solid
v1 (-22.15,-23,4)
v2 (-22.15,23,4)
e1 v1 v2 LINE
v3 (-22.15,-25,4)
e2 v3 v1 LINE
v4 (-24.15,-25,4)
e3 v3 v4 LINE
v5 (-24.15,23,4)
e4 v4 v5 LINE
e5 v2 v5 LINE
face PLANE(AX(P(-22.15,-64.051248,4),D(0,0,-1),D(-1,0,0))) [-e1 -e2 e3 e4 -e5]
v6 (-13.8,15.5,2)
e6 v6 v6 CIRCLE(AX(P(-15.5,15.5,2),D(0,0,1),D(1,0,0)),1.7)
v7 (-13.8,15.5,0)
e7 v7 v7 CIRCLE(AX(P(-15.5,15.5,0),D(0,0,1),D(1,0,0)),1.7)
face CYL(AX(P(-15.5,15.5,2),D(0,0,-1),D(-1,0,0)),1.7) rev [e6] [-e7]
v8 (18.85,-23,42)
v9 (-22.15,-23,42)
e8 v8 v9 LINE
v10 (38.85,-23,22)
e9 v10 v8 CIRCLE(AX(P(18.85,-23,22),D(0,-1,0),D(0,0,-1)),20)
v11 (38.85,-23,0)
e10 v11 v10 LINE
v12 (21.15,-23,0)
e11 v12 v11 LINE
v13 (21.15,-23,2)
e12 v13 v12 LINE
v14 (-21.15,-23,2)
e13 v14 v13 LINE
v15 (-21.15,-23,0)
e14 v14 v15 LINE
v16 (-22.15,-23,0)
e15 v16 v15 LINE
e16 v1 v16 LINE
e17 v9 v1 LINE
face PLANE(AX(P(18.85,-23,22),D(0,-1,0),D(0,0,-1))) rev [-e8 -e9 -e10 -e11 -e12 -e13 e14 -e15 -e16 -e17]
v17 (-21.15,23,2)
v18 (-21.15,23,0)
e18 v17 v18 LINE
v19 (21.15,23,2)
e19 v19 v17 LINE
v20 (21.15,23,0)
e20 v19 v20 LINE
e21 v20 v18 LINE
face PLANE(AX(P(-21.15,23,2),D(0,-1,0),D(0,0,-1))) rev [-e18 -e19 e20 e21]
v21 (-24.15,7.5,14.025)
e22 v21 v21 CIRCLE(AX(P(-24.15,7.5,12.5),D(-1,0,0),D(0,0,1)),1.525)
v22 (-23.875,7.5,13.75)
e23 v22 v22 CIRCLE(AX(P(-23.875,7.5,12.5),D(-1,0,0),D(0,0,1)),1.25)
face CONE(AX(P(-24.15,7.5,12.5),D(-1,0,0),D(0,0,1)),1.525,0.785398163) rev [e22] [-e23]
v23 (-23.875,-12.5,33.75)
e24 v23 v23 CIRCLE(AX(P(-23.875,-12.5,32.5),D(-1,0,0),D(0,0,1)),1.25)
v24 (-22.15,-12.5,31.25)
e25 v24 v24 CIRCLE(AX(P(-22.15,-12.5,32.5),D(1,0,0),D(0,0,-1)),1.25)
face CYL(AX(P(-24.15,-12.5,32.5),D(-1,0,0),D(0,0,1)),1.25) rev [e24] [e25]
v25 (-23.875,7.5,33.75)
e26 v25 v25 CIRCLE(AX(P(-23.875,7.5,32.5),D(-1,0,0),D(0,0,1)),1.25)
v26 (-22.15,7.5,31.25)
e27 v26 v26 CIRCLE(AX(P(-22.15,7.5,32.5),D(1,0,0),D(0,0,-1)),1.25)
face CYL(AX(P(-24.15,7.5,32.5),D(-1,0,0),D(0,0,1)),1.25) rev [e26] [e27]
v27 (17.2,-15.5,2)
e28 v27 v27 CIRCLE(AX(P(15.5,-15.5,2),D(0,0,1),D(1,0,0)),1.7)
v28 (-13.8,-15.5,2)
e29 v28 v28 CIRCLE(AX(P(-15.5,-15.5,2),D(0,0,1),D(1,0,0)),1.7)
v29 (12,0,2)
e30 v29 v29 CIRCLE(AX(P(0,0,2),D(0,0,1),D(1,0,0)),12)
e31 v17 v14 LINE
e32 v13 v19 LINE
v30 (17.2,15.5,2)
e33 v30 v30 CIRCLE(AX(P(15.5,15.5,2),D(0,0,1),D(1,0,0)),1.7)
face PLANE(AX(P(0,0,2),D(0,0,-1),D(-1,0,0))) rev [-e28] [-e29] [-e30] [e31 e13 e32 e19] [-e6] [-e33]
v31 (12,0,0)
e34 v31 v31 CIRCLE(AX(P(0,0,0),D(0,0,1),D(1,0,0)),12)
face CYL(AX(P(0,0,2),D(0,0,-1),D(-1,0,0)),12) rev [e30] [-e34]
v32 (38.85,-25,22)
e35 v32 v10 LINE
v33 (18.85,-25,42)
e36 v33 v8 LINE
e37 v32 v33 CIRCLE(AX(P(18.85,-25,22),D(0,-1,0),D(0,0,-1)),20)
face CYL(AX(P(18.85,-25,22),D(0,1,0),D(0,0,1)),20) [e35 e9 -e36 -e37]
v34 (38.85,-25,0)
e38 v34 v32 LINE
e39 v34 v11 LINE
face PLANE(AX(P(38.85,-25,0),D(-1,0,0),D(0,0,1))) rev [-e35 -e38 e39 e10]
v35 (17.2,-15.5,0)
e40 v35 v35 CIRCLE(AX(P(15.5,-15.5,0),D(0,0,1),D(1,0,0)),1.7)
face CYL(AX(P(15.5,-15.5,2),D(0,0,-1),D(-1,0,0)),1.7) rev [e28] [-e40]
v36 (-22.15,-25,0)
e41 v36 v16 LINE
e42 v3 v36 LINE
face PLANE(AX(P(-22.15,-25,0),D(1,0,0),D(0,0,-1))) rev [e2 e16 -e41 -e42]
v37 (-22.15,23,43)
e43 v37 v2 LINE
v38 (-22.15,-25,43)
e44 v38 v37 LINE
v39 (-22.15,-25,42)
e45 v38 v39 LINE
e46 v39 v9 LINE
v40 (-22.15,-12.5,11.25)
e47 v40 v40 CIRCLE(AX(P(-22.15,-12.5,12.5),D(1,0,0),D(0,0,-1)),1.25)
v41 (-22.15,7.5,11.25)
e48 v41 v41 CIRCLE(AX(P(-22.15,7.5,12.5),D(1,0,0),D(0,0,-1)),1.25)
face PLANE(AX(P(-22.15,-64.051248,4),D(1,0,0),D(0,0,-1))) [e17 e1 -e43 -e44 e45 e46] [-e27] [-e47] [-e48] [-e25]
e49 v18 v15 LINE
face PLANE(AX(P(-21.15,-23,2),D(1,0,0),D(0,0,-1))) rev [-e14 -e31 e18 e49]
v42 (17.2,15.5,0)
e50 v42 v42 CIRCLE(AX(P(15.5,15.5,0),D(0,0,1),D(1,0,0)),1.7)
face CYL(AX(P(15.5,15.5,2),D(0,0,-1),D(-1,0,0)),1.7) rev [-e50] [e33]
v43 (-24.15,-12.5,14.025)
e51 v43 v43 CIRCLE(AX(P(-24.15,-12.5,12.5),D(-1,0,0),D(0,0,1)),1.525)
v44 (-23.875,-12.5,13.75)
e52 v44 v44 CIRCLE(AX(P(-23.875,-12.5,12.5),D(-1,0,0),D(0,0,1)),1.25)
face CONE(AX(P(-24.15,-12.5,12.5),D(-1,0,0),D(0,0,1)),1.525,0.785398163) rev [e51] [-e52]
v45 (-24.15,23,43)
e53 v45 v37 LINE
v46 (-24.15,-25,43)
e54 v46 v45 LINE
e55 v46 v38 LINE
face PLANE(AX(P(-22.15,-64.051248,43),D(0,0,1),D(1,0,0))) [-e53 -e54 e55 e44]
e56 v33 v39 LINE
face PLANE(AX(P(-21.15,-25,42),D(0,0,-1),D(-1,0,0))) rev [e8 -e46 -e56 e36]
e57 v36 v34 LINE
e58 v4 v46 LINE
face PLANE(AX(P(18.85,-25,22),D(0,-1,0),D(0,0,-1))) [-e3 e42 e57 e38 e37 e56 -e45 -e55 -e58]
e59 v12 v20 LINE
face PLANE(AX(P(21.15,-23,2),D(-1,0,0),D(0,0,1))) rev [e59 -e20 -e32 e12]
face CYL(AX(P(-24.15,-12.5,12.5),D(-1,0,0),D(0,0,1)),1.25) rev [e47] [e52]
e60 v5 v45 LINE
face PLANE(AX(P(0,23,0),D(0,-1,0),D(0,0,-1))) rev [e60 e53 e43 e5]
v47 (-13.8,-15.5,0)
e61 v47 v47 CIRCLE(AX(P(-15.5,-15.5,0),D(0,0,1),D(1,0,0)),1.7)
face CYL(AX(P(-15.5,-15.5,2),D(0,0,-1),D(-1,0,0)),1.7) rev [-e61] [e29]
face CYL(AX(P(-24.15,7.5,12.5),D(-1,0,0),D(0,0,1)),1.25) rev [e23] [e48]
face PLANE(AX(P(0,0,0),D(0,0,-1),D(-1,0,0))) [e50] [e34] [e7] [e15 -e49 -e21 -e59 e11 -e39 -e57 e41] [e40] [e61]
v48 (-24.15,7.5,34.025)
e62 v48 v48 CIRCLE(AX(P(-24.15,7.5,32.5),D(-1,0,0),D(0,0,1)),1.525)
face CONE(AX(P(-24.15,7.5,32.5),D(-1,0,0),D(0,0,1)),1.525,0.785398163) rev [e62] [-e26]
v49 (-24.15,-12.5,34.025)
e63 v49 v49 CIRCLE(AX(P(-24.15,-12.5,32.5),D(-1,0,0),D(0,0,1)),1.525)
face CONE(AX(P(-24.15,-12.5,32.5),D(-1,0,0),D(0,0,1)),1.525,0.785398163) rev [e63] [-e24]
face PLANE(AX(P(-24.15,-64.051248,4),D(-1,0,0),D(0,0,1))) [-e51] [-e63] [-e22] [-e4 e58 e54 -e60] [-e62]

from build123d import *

# Parameters (mm, degrees)
SKETCH1_W                   = 42.3
SKETCH1_H                   = 46
SKETCH1_R                   = 12
SKETCH1_R_2                 = 1.7
BOSS_EXTRUDE1_DEPTH         = 2
BOSS_EXTRUDE4_DEPTH         = 2
BOSS_EXTRUDE6_REACH         = 76.681
SKETCH6_W                   = 2
SKETCH6_H                   = 39
M3_TAPPED_HOLE2_D           = 2.5
M3_TAPPED_HOLE2_CSINK_D     = 3.05
M3_TAPPED_HOLE2_CSINK_ANGLE = 90


with BuildPart() as part:
    # Sketch1 → Boss-Extrude1 (new body)
    with BuildSketch(Plane.XY):
        Rectangle(SKETCH1_W, SKETCH1_H)
        Circle(SKETCH1_R, mode=Mode.SUBTRACT)
        with Locations((-15.5, 15.5)):
            Circle(SKETCH1_R_2, mode=Mode.SUBTRACT)
        with Locations((15.5, 15.5)):
            Circle(SKETCH1_R_2, mode=Mode.SUBTRACT)
        with Locations((15.5, -15.5)):
            Circle(SKETCH1_R_2, mode=Mode.SUBTRACT)
        with Locations((-15.5, -15.5)):
            Circle(SKETCH1_R_2, mode=Mode.SUBTRACT)
    extrude(amount=BOSS_EXTRUDE1_DEPTH)

    # Sketch4 → Boss-Extrude4 (add)
    with BuildSketch(Plane.XZ.offset(23)):
        with BuildLine():
            Line((-21.15, 0), (38.85, 0))
            Line((38.85, 0), (38.85, 22))
            ThreePointArc((38.85, 22), (32.992135624, 36.142135624), (18.85, 42))
            Line((18.85, 42), (-21.15, 42))
            Line((-21.15, 42), (-22.15, 42))
            Line((-22.15, 42), (-22.15, 0))
            Line((-22.15, 0), (-21.15, 0))
        make_face()
    extrude(amount=BOSS_EXTRUDE4_DEPTH)

    # Boss-Extrude6: up to this face of the body (flat: up to its plane)
    boss_extrude6_end = Plane(part.part.faces().sort_by_distance((7.447529356, -25, 20.426864787))[0])
    # Sketch6 → Boss-Extrude6 (add, up to the picked face)
    with BuildSketch(Plane(origin=(0, 23, 0), x_dir=(1, 0, 0), z_dir=(0, 1, 0)), mode=Mode.PRIVATE) as boss_extrude6_sk1:
        with Locations((-23.15, -23.5)):
            Rectangle(SKETCH6_W, SKETCH6_H)
    boss_extrude6_tool1 = split(extrude(boss_extrude6_sk1.sketch, amount=-BOSS_EXTRUDE6_REACH, mode=Mode.PRIVATE), bisect_by=boss_extrude6_end, keep=Keep.BOTH, mode=Mode.PRIVATE)
    add(boss_extrude6_tool1.solids().sort_by(Axis((-23.15, 23, 23.5), (0, -1, 0)))[0])

    # M3 Tapped Hole2 (through all)
    with Locations(Plane(origin=(-24.15, 7.5, 12.5), x_dir=(0, 0, -1), z_dir=(-1, 0, 0))):
        with Locations((0, 0), (-20, 0), (-20, 20), (0, 20)):
            CounterSinkHole(M3_TAPPED_HOLE2_D / 2, M3_TAPPED_HOLE2_CSINK_D / 2, counter_sink_angle=M3_TAPPED_HOLE2_CSINK_ANGLE)


solid = part.part
